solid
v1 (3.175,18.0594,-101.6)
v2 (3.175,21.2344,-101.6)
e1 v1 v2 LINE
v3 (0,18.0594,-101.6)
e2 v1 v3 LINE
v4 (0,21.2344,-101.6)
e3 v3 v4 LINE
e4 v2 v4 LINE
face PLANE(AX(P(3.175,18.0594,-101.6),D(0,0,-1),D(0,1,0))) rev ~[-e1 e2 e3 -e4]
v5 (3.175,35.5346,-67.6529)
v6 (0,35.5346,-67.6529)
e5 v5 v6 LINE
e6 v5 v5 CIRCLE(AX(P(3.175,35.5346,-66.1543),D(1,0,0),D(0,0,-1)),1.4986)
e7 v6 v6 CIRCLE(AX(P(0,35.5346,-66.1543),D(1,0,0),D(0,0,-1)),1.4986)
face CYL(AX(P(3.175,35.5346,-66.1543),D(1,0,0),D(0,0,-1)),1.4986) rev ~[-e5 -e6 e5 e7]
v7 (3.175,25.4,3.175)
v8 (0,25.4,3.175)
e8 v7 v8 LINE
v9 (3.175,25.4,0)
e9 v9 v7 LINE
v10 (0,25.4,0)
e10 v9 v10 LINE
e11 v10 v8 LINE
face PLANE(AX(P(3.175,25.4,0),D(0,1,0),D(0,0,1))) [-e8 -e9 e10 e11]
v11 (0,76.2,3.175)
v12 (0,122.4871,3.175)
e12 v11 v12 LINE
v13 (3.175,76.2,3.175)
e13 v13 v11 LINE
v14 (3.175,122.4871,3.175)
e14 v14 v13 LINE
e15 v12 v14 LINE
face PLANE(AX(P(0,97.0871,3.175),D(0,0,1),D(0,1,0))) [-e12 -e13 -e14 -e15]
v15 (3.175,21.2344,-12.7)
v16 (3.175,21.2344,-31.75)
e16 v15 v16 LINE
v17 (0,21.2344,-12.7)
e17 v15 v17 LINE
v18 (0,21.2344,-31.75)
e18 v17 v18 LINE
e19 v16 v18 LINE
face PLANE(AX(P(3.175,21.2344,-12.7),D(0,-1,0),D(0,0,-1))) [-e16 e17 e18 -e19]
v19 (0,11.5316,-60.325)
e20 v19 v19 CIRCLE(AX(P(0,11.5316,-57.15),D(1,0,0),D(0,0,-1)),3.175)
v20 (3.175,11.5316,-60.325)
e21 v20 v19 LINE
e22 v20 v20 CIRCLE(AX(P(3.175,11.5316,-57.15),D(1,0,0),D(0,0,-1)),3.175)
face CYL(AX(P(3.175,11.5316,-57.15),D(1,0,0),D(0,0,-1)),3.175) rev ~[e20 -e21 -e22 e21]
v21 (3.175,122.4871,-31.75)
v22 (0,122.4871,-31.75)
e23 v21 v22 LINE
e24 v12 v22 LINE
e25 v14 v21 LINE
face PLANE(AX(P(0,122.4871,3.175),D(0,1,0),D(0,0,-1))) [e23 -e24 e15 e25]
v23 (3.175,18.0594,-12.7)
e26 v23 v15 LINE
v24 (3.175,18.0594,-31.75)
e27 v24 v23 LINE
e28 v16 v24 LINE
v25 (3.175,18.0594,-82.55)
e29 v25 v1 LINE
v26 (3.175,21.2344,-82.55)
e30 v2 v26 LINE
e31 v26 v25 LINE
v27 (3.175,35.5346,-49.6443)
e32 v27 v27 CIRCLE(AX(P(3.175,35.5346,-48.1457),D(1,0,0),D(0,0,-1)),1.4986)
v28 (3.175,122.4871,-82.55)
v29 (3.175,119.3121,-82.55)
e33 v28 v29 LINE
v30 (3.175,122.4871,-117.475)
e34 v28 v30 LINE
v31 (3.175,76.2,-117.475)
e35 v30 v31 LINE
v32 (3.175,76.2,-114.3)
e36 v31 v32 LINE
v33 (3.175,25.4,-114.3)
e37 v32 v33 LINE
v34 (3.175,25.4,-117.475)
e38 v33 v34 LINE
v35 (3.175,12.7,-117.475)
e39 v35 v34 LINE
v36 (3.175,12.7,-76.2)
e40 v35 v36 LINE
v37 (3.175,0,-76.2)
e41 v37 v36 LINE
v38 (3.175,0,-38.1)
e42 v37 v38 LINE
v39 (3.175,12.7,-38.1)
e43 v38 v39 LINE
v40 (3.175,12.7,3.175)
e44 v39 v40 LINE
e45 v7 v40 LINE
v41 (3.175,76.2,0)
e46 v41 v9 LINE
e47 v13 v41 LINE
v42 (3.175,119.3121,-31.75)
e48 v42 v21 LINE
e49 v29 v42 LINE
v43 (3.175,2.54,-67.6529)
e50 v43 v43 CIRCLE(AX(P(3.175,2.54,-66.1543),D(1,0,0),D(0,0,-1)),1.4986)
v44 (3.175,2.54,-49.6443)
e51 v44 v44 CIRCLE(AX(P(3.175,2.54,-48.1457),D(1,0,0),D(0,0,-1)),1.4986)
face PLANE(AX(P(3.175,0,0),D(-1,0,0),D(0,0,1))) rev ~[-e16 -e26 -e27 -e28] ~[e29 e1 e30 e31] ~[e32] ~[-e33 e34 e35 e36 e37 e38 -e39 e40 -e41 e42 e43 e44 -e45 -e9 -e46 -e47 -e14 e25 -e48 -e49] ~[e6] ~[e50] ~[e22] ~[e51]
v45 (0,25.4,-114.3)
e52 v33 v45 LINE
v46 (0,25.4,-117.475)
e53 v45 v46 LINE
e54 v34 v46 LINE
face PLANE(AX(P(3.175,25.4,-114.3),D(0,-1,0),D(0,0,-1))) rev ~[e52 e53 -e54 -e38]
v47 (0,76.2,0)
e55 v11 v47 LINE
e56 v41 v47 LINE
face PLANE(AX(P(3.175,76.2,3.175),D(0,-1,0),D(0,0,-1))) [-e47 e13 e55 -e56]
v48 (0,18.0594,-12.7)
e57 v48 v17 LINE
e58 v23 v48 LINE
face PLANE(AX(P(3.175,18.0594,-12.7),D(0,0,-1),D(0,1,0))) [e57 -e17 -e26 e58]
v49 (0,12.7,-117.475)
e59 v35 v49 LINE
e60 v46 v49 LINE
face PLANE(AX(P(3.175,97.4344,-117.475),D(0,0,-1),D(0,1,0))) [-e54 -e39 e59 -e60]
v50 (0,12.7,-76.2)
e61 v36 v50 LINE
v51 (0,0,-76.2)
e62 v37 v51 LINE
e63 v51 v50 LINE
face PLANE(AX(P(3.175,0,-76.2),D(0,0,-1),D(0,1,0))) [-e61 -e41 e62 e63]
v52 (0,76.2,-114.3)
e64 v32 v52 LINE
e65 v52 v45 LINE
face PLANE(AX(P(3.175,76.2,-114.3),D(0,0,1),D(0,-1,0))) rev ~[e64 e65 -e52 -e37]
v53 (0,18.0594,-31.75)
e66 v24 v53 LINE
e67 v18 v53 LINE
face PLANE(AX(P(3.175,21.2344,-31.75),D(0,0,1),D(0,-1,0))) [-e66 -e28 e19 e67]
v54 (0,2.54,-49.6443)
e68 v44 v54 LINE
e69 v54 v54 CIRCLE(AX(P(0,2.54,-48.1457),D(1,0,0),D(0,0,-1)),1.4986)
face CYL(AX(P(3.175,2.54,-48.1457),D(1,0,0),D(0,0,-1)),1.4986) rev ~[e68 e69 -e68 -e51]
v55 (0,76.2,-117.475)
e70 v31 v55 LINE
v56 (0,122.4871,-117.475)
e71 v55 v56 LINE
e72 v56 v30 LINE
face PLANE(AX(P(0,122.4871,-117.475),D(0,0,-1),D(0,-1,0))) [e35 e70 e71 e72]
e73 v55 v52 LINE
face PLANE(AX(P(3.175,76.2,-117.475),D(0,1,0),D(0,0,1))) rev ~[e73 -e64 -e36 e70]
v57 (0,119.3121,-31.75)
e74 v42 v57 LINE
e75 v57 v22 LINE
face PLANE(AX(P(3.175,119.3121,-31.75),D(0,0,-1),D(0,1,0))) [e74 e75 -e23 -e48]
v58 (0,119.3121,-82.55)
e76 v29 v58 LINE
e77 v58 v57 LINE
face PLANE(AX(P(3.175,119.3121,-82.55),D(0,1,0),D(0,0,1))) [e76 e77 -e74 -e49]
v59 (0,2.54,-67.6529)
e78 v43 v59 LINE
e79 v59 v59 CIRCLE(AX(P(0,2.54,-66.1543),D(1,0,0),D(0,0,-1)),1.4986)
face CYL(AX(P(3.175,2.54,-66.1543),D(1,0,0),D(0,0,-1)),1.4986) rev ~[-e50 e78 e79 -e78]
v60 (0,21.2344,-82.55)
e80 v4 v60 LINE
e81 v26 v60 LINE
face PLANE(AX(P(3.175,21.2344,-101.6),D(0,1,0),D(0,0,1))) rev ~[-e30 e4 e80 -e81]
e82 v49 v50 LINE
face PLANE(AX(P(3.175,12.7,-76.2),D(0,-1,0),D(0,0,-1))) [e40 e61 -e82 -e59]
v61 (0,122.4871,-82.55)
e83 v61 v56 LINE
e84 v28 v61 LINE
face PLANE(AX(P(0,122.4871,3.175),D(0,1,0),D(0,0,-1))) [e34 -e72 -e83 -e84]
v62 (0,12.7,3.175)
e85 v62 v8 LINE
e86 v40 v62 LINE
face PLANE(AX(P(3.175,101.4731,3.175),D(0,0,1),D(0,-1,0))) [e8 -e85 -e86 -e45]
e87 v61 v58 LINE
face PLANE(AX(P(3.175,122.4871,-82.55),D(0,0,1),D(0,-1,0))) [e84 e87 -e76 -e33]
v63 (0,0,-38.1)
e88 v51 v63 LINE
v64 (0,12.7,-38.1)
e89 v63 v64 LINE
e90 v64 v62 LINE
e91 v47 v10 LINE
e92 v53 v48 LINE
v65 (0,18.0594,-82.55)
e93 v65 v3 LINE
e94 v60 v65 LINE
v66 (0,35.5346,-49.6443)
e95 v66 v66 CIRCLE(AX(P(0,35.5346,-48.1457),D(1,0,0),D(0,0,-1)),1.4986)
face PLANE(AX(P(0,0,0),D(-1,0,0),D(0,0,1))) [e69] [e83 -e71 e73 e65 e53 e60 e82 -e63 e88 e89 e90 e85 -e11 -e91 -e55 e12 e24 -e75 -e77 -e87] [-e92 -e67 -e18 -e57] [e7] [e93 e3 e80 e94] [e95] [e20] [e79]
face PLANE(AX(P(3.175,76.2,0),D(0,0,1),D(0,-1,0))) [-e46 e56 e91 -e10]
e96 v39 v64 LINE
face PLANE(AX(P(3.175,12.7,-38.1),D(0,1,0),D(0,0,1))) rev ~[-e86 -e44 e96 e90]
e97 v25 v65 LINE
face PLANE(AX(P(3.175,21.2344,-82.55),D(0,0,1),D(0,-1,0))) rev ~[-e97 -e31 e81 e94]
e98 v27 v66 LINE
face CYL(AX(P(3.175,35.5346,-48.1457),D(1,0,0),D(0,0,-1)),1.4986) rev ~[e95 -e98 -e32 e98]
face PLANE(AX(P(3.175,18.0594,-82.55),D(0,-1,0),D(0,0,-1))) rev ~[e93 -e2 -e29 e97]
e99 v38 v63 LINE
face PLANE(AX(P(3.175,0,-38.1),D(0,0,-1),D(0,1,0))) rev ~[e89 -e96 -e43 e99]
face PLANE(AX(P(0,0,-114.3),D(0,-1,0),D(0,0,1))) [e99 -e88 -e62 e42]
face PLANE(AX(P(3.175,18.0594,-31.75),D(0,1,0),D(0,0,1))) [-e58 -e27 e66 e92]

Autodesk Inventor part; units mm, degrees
ref_plane "YZ Plane" through (0, 0, 0) normal (1, 0, 0) x (0, 1, 0)
ref_plane "XZ Plane" through (0, 0, 0) normal (0, 1, 0) x (-1, 0, 0)
ref_plane "XY Plane" through (0, 0, 0) normal (0, 0, 1) x (1, 0, 0)
sketch "Sketch1" plane through (0, 0, 0) normal (1, 0, 0) x (0, 1, 0)
  line L0 (0, 0) -> (97.4344, 0)
  line L1 (97.4344, 0) -> (97.4344, -114.3)
  line L2 (97.4344, -114.3) -> (0, -114.3)
  line L3 (0, -114.3) -> (0, 0)
  dimension "d0" = 114.3
  dimension "d1" = 97.4344
extrude "Extrusion1" add sketch "Sketch1" along normal blind 3.175
sketch "Sketch2" plane through (3.175, 0, 0) normal (1, 0, 0) x (0, 0, -1)
  circle A0 centre (48.1457, 35.5346) radius 1.4986
  circle A1 centre (66.1543, 35.5346) radius 1.4986
  circle A2 centre (66.1543, 2.54) radius 1.4986
  circle A3 centre (48.1457, 2.54) radius 1.4986
  line L0 (114.3, 0) -> (114.3, 97.4344) projected
  line L1 (0, 0) -> (114.3, 0) projected
  line L2 (0, 0) -> (0, 97.4344) projected
  dimension "d4" = 18.0086
  dimension "d5" = 2.9972
  dimension "d6" = 2.9972
  dimension "d7" = 2.9972
  dimension "d8" = 2.9972
  dimension "d11" = 18.0086
  dimension "d12" = 2.54
  dimension "d28" = 2.54
  dimension "d29" = 32.9946
  dimension "d30" = 32.9946
  dimension "d65" = 48.1457
extrude "Extrusion2" cut sketch "Sketch2" against normal blind 3.175
sketch "Sketch3" plane through (3.175, 0, 0) normal (1, 0, 0) x (0, 0, -1)
  circle A0 centre (57.15, 11.5316) radius 3.175
  line L0 (114.3, 0) -> (114.3, 97.4344) projected
  circle A1 centre (66.1543, 2.54) radius 1.4986 projected
  point P0 (0, 0)
  dimension "d15" = 6.35
  dimension "d16" = 57.15
  dimension "d17" = 8.9916
extrude "Extrusion3" cut sketch "Sketch3" against normal blind 3.175 contours A0
sketch "Sketch4" plane through (3.175, 0, 0) normal (1, 0, 0) x (0, 0, -1)
  line L0 (0, 97.4344) -> (0, 0) projected
  line L1 (0, 0) -> (114.3, 0) projected
  line L2 (114.3, 0) -> (114.3, 97.4344) projected
  line L3 (31.75, 18.0594) -> (12.7, 18.0594)
  line L4 (12.7, 18.0594) -> (12.7, 21.2344)
  line L5 (12.7, 21.2344) -> (31.75, 21.2344)
  line L6 (31.75, 21.2344) -> (31.75, 18.0594)
  circle A0 centre (57.15, 11.5316) radius 3.175 projected
  line L7 (57.15, 11.5316) -> (57.15, 79.1299) construction
  line L8 (82.55, 18.0594) -> (101.6, 18.0594)
  line L9 (101.6, 18.0594) -> (101.6, 21.2344)
  line L10 (101.6, 21.2344) -> (82.55, 21.2344)
  line L11 (82.55, 21.2344) -> (82.55, 18.0594)
  point P0 (12.7, 0)
  point P1 (31.75, 0)
  point P2 (101.6, 0)
  dimension "d31" = 3.175
  dimension "d33" = 19.05
  dimension "d34" = 12.7
  dimension "d43" = 18.0594
extrude "Extrusion5" cut sketch "Sketch4" against normal blind 3.175 contours L3 L4 L5 L6 | L11 L10 L9 L8
sketch "Sketch5" plane through (3.175, 0, 0) normal (1, 0, 0) x (0, 0, -1)
  line L0 (0, 0) -> (38.1, 0)
  line L1 (38.1, 0) -> (38.1, 12.7)
  line L2 (38.1, 12.7) -> (0, 12.7)
  line L3 (0, 12.7) -> (0, 0)
  line L4 (114.3, 0) -> (0, 0) projected
  line L5 (114.3, 0) -> (76.2, 0)
  line L6 (76.2, 0) -> (76.2, 12.7)
  line L7 (76.2, 12.7) -> (114.3, 12.7)
  line L8 (114.3, 12.7) -> (114.3, 0)
  dimension "d37" = 38.1
  dimension "d38" = 12.7
  dimension "d39" = 38.1
  dimension "d42" = 12.7
extrude "Extrusion6" cut sketch "Sketch5" against normal blind 3.175
sketch "Sketch6" plane through (3.175, 0, 0) normal (1, 0, 0) x (0, 0, -1)
  line L0 (0, 97.4344) -> (0, 12.7) projected
  line L1 (0, 69.85) -> (3.175, 69.85)
  line L2 (3.175, 69.85) -> (3.175, 50.8)
  line L3 (3.175, 50.8) -> (0, 50.8)
  line L4 (0, 50.8) -> (0, 69.85)
  line L5 (0, 12.7) -> (38.1, 12.7) projected
  line L6 (38.1, 0) -> (76.2, 0) projected
  line L7 (57.15, 0) -> (57.15, 76.8026) construction
  line L8 (114.3, 97.4344) -> (114.3, 12.7)
  line L9 (114.3, 69.85) -> (111.125, 69.85)
  line L10 (111.125, 69.85) -> (111.125, 50.8)
  line L11 (111.125, 50.8) -> (114.3, 50.8)
  line L12 (114.3, 50.8) -> (114.3, 69.85)
  point P0 (0, 0)
  dimension "d44" = 38.1
  dimension "d45" = 19.05
  dimension "d46" = 3.175
extrude "Extrusion7" cut sketch "Sketch6" against normal blind 3.175
sketch "Sketch7" plane through (3.175, 0, 0) normal (1, 0, 0) x (0, 0, -1)
  line L0 (0, 101.4731) -> (-3.175, 101.4731)
  line L1 (-3.175, 101.4731) -> (-3.175, 12.7)
  line L2 (-3.175, 12.7) -> (0, 12.7)
  line L3 (0, 12.7) -> (0, 101.4731)
  line L4 (114.3, 50.8) -> (114.3, 12.7) projected
  line L5 (114.3, 12.7) -> (117.475, 12.7)
  line L6 (117.475, 12.7) -> (117.475, 101.4731)
  line L7 (117.475, 101.4731) -> (114.3, 101.4731)
  line L8 (114.3, 101.4731) -> (114.3, 12.7)
  line L9 (0, 97.4344) -> (0, 69.85) projected
  line L10 (0, 69.85) -> (3.3446, 69.85)
  line L11 (3.3446, 69.85) -> (3.3446, 50.8)
  line L12 (3.3446, 50.8) -> (0, 50.8)
  line L13 (0, 50.8) -> (0, 69.85)
  line L14 (111.125, 69.85) -> (111.125, 50.8) projected
  line L15 (111.125, 69.85) -> (114.3, 69.85)
  line L16 (114.3, 69.85) -> (114.3, 50.8)
  line L17 (114.3, 50.8) -> (111.125, 50.8)
  line L18 (111.125, 50.8) -> (111.125, 69.85)
  line L19 (0, 97.4344) -> (-3.175, 97.4344)
  line L20 (0, 97.4344) -> (114.3, 97.4344) projected
  line L21 (114.3, 97.4344) -> (117.475, 97.4344)
  point P0 (0, 0)
  dimension "d49" = 3.175
  dimension "d50" = 3.175
  dimension "d51" = 0
extrude "Extrusion8" add sketch "Sketch7" against normal blind 3.175
sketch "Sketch8" plane through (3.175, 0, 0) normal (1, 0, 0) x (0, 0, -1)
  line L0 (-3.175, 101.4731) -> (-3.175, 12.7) projected
  line L1 (-3.175, 76.2) -> (0, 76.2)
  line L2 (0, 76.2) -> (0, 25.4)
  line L3 (0, 25.4) -> (-3.175, 25.4)
  line L4 (-3.175, 25.4) -> (-3.175, 76.2)
  line L5 (117.475, 101.4731) -> (117.475, 12.7) projected
  line L6 (117.475, 76.2) -> (114.3, 76.2)
  line L7 (114.3, 76.2) -> (114.3, 25.4)
  line L8 (114.3, 25.4) -> (117.475, 25.4)
  line L9 (117.475, 25.4) -> (117.475, 76.2)
  line L10 (-3.175, 12.7) -> (38.1, 12.7) projected
  point P0 (0, 0)
  dimension "d54" = 3.175
  dimension "d55" = 3.175
  dimension "d56" = 50.8
  dimension "d57" = 50.8
  dimension "d58" = 12.7
extrude "Extrusion9" cut sketch "Sketch8" against normal blind 3.175
sketch "Sketch9" plane through (3.175, 0, 0) normal (1, 0, 0) x (0, 0, -1)
  line L0 (-3.175, 76.2) -> (-3.175, 101.4731) projected
  line L1 (-3.175, 97.0871) -> (127.7131, 97.0871)
  line L2 (127.7131, 97.0871) -> (127.7131, 110.1997)
  line L3 (127.7131, 110.1997) -> (-3.175, 110.1997)
  line L4 (-3.175, 110.1997) -> (-3.175, 97.0871)
  point P0 (0, 0)
extrude "Extrusion10" cut sketch "Sketch9" against normal blind 3.175
sketch "Sketch10" plane through (0, 0, 0) normal (-1, 0, 0) x (0, 0, 1)
  line L0 (-117.475, 97.0871) -> (-117.475, 76.2) projected
  line L1 (-117.475, 97.0871) -> (3.175, 97.0871)
  line L2 (3.175, 97.0871) -> (3.175, 122.4871)
  line L3 (3.175, 122.4871) -> (-117.475, 122.4871)
  line L4 (-117.475, 122.4871) -> (-117.475, 97.0871)
  line L5 (3.175, 76.2) -> (3.175, 97.0871) projected
  point P0 (0, 0)
  dimension "d66" = 0
  dimension "d67" = 25.4
extrude "Extrusion11" add sketch "Sketch10" against normal blind 3.175
sketch "Sketch11" plane through (3.175, 0, 0) normal (1, 0, 0) x (0, 0, -1)
  line L0 (117.475, 122.4871) -> (-3.175, 122.4871) projected
  line L1 (31.75, 122.4871) -> (82.55, 122.4871)
  line L2 (82.55, 122.4871) -> (82.55, 119.3121)
  line L3 (82.55, 119.3121) -> (31.75, 119.3121)
  line L4 (31.75, 119.3121) -> (31.75, 122.4871)
  line L5 (-3.175, 122.4871) -> (-3.175, 76.2) projected
  point P0 (0, 0)
  dimension "d70" = 50.8
  dimension "d71" = 3.175
  dimension "d72" = 34.925
extrude "Extrusion12" cut sketch "Sketch11" against normal blind 3.175
properties part number "side"
